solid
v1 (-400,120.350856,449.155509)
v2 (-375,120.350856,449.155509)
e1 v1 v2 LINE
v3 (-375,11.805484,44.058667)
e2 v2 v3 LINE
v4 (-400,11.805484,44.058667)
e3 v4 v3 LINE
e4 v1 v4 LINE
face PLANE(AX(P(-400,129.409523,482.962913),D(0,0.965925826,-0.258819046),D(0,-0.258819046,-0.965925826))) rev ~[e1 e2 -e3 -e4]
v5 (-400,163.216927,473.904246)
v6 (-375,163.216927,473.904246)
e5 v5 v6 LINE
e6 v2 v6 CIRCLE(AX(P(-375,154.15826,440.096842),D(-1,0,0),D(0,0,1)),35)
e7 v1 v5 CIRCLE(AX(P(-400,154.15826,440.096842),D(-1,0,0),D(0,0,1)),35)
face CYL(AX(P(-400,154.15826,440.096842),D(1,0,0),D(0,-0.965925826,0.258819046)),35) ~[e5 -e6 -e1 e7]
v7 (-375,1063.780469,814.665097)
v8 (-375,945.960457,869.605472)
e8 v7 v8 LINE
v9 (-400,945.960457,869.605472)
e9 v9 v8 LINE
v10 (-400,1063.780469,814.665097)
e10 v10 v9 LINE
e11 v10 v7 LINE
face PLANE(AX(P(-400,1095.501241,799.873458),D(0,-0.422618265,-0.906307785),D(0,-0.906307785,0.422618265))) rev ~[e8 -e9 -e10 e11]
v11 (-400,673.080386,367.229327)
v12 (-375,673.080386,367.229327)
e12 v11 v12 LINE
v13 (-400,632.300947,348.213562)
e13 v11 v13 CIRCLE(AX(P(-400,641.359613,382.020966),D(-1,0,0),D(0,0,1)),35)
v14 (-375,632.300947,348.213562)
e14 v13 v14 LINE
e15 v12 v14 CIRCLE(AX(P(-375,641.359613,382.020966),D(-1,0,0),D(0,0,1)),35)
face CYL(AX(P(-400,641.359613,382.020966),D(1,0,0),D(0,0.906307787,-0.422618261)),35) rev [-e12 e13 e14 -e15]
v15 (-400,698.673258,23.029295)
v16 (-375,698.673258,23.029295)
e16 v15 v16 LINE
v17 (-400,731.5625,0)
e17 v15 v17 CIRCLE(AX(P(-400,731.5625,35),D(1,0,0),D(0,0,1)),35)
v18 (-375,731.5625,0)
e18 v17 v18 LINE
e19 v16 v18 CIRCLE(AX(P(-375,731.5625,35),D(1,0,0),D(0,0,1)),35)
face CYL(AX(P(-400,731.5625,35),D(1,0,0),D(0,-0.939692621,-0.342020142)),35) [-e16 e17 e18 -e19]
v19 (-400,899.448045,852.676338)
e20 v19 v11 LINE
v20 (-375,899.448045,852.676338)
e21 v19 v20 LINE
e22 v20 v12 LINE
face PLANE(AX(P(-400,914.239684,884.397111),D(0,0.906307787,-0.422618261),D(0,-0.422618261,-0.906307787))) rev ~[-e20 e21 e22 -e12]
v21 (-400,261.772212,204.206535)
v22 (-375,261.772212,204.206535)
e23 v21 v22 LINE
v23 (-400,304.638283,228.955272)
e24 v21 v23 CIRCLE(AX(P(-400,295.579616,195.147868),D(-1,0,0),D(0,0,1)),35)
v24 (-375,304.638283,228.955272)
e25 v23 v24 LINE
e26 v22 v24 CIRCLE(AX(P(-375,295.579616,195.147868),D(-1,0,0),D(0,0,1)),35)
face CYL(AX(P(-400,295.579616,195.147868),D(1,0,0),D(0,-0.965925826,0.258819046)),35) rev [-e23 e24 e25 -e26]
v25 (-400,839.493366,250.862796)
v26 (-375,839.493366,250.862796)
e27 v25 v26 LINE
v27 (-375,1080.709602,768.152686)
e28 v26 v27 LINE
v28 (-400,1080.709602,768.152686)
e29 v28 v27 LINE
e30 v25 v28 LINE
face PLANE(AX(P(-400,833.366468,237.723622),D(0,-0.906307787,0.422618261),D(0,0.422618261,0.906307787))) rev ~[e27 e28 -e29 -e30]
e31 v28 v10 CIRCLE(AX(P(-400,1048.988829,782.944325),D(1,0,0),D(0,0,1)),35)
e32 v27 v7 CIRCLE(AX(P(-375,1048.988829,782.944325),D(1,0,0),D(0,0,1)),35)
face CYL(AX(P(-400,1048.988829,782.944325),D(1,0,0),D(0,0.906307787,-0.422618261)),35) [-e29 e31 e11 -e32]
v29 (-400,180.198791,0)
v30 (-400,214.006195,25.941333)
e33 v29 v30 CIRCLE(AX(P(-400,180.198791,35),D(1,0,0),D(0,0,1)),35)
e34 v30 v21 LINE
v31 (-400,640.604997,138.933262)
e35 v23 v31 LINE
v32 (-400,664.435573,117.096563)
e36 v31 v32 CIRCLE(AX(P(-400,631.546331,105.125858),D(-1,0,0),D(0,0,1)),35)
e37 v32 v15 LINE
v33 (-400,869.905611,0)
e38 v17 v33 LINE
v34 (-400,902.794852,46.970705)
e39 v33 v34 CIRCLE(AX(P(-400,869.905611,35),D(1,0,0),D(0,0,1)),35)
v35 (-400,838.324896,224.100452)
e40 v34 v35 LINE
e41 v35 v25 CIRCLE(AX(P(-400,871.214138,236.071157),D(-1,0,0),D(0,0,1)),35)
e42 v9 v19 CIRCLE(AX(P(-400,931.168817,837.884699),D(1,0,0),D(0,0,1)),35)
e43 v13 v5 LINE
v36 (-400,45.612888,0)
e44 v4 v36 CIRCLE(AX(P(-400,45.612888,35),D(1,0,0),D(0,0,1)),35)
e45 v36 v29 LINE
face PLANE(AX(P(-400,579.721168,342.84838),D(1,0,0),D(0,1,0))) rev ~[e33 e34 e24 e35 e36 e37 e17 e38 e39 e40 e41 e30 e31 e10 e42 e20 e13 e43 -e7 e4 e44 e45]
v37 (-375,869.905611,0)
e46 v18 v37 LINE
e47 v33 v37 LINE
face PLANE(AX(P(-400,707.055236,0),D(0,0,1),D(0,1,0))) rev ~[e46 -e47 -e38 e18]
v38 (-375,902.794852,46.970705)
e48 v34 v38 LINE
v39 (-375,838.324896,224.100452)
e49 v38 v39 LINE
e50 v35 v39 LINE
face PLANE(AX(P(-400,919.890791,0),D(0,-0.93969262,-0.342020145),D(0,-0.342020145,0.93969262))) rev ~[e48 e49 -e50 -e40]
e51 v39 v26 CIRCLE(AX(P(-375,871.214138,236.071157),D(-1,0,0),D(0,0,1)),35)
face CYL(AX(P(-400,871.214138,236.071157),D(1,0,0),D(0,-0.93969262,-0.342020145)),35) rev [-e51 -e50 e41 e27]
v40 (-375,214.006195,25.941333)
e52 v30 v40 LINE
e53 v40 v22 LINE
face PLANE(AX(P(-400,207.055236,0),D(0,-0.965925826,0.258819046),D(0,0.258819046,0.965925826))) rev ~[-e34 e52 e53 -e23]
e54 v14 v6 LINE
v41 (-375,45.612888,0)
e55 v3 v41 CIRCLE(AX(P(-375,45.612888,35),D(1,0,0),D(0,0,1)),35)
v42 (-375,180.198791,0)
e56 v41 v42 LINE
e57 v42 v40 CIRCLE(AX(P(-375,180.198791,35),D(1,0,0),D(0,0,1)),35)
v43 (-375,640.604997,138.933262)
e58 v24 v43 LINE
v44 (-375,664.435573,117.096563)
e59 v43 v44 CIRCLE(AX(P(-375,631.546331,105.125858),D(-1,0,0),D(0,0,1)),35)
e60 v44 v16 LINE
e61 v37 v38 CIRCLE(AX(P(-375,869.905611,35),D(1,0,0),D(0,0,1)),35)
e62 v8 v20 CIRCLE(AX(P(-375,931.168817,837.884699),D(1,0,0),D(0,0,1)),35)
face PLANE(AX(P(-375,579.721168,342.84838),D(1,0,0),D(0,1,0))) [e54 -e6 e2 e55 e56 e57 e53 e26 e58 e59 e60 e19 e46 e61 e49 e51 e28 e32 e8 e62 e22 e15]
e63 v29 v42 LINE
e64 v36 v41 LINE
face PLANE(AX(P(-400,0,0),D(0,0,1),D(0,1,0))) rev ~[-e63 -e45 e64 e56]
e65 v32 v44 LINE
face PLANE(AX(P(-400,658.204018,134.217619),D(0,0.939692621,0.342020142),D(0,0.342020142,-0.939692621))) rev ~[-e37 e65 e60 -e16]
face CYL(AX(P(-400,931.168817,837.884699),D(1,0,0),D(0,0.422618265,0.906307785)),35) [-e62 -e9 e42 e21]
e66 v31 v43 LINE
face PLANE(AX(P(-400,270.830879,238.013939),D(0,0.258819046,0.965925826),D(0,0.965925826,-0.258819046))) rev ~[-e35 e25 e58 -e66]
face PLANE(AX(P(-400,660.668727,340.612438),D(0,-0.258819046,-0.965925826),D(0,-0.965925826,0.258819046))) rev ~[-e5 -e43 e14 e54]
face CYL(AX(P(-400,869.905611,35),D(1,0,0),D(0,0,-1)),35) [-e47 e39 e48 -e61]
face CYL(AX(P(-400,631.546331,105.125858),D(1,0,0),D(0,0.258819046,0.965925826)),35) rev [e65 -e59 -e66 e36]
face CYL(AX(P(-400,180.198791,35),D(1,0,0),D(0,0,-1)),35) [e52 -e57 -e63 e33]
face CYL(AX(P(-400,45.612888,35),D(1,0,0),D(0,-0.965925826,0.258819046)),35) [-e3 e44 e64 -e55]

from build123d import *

# Parameters (mm, degrees)
F2_DEPTH = 25
F3_R     = 35


with BuildPart() as f2:
    # F1 (on offset) → F2 (new body)
    with BuildSketch(Plane.YZ.offset(-400)):
        Polygon((129.409523, 482.962913), (0, 0), (207.055236, 0), (270.830879, 238.013939), (658.204018, 134.217619), (707.055236, 0), (919.890791, 0), (833.366468, 237.723622), (1095.501241, 799.873458), (914.239684, 884.397111), (660.668727, 340.612438), align=None)
    extrude(amount=F2_DEPTH)

    # F3
    f3_edges = [f2.edges().sort_by_distance(p)[0] for p in [
        (-387.5, 129.409523, 482.962913),
        (-387.5, 660.668727, 340.612438),
        (-387.5, 914.239684, 884.397111),
        (-387.5, 1095.501241, 799.873458),
        (-387.5, 270.830879, 238.013939),
        (-387.5, 658.204018, 134.217619),
        (-387.5, 0, 0),
        (-387.5, 207.055236, 0),
        (-387.5, 707.055236, 0),
        (-387.5, 919.890791, 0),
        (-387.5, 833.366468, 237.723622),
    ]]
    fillet(f3_edges, radius=F3_R)


solid = f2.part
